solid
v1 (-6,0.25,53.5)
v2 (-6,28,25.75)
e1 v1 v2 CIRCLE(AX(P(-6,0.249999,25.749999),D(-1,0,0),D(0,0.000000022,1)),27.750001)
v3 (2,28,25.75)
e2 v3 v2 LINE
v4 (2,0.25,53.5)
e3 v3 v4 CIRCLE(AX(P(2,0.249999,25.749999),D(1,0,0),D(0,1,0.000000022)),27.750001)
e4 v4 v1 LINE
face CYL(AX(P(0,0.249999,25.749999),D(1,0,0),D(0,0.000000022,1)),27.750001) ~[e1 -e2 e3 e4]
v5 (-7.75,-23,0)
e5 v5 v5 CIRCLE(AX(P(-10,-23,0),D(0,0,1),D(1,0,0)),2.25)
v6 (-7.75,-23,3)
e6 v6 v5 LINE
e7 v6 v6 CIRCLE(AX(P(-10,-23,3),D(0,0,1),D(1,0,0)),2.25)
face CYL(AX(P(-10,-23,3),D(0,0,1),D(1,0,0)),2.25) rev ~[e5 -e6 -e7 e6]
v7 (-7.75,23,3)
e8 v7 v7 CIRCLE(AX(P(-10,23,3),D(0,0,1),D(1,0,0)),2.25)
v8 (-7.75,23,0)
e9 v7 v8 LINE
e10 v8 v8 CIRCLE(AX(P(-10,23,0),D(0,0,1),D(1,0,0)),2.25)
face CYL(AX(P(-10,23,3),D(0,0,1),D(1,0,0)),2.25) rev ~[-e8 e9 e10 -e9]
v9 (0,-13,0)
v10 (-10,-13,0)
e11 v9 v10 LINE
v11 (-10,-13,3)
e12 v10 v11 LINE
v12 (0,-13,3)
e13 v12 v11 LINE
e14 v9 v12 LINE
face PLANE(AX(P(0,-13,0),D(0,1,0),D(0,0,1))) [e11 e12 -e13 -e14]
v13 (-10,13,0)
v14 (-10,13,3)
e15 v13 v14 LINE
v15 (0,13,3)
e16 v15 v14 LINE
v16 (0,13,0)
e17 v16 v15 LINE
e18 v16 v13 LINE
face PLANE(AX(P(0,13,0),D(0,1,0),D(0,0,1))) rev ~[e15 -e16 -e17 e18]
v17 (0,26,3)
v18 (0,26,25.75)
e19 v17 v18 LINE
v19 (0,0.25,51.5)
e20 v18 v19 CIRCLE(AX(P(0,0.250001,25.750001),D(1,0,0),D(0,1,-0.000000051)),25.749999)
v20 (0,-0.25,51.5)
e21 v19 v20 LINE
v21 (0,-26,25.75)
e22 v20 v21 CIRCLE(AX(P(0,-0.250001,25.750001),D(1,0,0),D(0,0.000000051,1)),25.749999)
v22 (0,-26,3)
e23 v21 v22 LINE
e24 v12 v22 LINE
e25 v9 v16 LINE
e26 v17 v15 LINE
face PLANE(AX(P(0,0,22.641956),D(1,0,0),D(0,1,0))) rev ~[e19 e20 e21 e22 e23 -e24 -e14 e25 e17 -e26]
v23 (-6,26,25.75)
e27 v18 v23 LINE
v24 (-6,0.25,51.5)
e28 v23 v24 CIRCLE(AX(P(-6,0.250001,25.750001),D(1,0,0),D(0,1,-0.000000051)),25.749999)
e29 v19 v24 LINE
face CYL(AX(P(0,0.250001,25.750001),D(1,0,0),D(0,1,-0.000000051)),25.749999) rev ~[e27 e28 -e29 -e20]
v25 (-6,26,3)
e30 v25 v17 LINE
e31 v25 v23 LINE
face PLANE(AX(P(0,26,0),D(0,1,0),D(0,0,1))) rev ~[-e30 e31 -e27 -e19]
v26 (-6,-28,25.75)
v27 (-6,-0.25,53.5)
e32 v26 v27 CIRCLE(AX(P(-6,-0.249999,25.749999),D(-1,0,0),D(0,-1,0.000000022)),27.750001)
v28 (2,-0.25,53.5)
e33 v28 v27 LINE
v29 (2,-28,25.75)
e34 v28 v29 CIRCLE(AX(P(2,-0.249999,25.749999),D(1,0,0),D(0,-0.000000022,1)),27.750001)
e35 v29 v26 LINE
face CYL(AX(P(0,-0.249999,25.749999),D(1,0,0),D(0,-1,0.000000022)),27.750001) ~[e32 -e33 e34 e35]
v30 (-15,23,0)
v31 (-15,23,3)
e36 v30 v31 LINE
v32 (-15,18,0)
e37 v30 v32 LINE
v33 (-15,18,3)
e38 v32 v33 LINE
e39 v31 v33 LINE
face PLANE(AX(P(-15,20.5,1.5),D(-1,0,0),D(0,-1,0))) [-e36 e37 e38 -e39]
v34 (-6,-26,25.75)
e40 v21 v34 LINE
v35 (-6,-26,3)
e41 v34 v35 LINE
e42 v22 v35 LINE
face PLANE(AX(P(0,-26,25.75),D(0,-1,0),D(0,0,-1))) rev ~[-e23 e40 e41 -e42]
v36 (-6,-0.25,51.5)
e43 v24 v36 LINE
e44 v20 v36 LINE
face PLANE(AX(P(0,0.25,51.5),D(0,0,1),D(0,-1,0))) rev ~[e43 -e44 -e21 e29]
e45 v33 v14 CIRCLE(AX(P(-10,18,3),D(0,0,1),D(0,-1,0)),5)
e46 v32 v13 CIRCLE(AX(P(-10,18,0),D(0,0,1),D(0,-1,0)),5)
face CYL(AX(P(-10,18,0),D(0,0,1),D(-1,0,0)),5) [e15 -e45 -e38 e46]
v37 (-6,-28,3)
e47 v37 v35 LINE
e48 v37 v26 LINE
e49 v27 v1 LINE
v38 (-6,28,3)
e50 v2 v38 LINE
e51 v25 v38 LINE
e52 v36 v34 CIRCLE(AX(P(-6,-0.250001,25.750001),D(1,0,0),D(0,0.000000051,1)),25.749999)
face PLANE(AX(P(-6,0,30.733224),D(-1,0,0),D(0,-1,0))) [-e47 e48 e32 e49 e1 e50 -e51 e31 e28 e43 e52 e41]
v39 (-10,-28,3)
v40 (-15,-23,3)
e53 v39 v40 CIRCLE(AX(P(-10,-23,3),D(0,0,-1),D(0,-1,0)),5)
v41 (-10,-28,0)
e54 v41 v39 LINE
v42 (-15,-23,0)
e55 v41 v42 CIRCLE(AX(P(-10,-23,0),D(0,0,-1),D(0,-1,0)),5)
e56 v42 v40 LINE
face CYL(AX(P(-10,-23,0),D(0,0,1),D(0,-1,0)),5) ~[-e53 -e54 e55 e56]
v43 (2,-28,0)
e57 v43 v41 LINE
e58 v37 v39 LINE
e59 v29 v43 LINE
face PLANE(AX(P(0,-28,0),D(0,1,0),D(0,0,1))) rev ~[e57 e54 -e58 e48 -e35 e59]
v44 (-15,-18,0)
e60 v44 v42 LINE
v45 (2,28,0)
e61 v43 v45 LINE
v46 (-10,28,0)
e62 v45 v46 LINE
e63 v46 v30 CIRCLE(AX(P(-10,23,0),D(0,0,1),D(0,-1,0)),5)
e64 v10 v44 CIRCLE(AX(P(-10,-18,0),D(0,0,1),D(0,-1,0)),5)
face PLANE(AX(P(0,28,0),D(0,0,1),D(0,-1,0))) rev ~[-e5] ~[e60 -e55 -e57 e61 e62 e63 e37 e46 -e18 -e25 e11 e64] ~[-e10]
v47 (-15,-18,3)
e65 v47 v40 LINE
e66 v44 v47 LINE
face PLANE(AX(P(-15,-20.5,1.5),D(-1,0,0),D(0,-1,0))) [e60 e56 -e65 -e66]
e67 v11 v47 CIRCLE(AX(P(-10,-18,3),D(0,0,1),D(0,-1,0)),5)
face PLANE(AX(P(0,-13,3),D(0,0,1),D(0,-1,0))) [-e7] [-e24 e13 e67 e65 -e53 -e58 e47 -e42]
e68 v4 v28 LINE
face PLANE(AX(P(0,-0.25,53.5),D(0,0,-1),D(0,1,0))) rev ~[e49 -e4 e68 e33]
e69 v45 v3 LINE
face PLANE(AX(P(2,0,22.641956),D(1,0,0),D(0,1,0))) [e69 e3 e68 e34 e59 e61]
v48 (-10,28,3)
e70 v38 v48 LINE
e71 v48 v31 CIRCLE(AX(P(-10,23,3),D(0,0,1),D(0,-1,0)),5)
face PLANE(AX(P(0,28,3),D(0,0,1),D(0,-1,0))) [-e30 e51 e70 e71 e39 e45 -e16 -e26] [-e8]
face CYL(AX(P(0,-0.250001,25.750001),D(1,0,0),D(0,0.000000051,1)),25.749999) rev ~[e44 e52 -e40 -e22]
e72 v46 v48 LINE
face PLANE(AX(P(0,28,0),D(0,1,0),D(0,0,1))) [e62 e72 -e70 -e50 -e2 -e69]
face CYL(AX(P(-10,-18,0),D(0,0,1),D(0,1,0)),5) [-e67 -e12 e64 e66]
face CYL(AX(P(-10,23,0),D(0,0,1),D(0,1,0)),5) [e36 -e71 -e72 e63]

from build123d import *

# Parameters (mm, degrees)
F1_DEPTH = 2
F3_DEPTH = 6
F4_W     = 15
F4_H     = 3
F5_DEPTH = 15
F6_R     = 2.25
F7_DEPTH = 3.001
F8_R     = 5


with BuildPart() as f1:
    # F0 (on Right) → F1 (new body)
    with BuildSketch(Plane.YZ):
        with BuildLine():
            Line((-28, 25.75), (-28, 0))
            Line((-28, 0), (28, 0))
            Line((28, 0), (28, 25.75))
            ThreePointArc((28, 25.75), (19.872213, 45.372213), (0.25, 53.5))
            Line((0.25, 53.5), (-0.25, 53.5))
            ThreePointArc((-0.25, 53.5), (-19.872213, 45.372213), (-28, 25.75))
        make_face()
    extrude(amount=F1_DEPTH)

    # F2 (on face) → F3 (join)
    with BuildSketch(Plane(origin=(0, 0, 0), x_dir=(0, -1, 0), z_dir=(-1, 0, 0))):
        with BuildLine():
            ThreePointArc((0.25, 51.5), (18.458, 43.958), (26, 25.75))
            Line((26, 25.75), (26, 0))
            Line((26, 0), (28, 0))
            Line((28, 0), (28, 25.75))
            ThreePointArc((28, 25.75), (19.872213, 45.372213), (0.25, 53.5))
            Line((0.25, 53.5), (-0.25, 53.5))
            ThreePointArc((-0.25, 53.5), (-19.872213, 45.372213), (-28, 25.75))
            Line((-28, 25.75), (-28, 0))
            Line((-28, 0), (-26, 0))
            Line((-26, 0), (-26, 25.75))
            ThreePointArc((-26, 25.75), (-18.458, 43.958), (-0.25, 51.5))
            Line((-0.25, 51.5), (0.25, 51.5))
        make_face()
    extrude(amount=F3_DEPTH)

    # F4 (on face) → F5 (join)
    with BuildSketch(Plane(origin=(0, 0, 0), x_dir=(0, -1, 0), z_dir=(-1, 0, 0))):
        with Locations((-20.5, 1.5)):
            Rectangle(F4_W, F4_H)
        with Locations((20.5, 1.5)):
            Rectangle(F4_W, F4_H)
    extrude(amount=F5_DEPTH)

    # F6 (on face) → F7 (cut, through all)
    with BuildSketch(Plane.XY.offset(3)):
        with Locations((-10, 23)):
            Circle(F6_R)
        with Locations((-10, -23)):
            Circle(F6_R)
    extrude(amount=-F7_DEPTH, mode=Mode.SUBTRACT)

    # F8
    f8_edges = [f1.edges().sort_by_distance(p)[0] for p in [
        (-15, 28, 1.5),
        (-15, 13, 1.5),
        (-15, -13, 1.5),
        (-15, -28, 1.5),
    ]]
    fillet(f8_edges, radius=F8_R)


solid = f1.part
